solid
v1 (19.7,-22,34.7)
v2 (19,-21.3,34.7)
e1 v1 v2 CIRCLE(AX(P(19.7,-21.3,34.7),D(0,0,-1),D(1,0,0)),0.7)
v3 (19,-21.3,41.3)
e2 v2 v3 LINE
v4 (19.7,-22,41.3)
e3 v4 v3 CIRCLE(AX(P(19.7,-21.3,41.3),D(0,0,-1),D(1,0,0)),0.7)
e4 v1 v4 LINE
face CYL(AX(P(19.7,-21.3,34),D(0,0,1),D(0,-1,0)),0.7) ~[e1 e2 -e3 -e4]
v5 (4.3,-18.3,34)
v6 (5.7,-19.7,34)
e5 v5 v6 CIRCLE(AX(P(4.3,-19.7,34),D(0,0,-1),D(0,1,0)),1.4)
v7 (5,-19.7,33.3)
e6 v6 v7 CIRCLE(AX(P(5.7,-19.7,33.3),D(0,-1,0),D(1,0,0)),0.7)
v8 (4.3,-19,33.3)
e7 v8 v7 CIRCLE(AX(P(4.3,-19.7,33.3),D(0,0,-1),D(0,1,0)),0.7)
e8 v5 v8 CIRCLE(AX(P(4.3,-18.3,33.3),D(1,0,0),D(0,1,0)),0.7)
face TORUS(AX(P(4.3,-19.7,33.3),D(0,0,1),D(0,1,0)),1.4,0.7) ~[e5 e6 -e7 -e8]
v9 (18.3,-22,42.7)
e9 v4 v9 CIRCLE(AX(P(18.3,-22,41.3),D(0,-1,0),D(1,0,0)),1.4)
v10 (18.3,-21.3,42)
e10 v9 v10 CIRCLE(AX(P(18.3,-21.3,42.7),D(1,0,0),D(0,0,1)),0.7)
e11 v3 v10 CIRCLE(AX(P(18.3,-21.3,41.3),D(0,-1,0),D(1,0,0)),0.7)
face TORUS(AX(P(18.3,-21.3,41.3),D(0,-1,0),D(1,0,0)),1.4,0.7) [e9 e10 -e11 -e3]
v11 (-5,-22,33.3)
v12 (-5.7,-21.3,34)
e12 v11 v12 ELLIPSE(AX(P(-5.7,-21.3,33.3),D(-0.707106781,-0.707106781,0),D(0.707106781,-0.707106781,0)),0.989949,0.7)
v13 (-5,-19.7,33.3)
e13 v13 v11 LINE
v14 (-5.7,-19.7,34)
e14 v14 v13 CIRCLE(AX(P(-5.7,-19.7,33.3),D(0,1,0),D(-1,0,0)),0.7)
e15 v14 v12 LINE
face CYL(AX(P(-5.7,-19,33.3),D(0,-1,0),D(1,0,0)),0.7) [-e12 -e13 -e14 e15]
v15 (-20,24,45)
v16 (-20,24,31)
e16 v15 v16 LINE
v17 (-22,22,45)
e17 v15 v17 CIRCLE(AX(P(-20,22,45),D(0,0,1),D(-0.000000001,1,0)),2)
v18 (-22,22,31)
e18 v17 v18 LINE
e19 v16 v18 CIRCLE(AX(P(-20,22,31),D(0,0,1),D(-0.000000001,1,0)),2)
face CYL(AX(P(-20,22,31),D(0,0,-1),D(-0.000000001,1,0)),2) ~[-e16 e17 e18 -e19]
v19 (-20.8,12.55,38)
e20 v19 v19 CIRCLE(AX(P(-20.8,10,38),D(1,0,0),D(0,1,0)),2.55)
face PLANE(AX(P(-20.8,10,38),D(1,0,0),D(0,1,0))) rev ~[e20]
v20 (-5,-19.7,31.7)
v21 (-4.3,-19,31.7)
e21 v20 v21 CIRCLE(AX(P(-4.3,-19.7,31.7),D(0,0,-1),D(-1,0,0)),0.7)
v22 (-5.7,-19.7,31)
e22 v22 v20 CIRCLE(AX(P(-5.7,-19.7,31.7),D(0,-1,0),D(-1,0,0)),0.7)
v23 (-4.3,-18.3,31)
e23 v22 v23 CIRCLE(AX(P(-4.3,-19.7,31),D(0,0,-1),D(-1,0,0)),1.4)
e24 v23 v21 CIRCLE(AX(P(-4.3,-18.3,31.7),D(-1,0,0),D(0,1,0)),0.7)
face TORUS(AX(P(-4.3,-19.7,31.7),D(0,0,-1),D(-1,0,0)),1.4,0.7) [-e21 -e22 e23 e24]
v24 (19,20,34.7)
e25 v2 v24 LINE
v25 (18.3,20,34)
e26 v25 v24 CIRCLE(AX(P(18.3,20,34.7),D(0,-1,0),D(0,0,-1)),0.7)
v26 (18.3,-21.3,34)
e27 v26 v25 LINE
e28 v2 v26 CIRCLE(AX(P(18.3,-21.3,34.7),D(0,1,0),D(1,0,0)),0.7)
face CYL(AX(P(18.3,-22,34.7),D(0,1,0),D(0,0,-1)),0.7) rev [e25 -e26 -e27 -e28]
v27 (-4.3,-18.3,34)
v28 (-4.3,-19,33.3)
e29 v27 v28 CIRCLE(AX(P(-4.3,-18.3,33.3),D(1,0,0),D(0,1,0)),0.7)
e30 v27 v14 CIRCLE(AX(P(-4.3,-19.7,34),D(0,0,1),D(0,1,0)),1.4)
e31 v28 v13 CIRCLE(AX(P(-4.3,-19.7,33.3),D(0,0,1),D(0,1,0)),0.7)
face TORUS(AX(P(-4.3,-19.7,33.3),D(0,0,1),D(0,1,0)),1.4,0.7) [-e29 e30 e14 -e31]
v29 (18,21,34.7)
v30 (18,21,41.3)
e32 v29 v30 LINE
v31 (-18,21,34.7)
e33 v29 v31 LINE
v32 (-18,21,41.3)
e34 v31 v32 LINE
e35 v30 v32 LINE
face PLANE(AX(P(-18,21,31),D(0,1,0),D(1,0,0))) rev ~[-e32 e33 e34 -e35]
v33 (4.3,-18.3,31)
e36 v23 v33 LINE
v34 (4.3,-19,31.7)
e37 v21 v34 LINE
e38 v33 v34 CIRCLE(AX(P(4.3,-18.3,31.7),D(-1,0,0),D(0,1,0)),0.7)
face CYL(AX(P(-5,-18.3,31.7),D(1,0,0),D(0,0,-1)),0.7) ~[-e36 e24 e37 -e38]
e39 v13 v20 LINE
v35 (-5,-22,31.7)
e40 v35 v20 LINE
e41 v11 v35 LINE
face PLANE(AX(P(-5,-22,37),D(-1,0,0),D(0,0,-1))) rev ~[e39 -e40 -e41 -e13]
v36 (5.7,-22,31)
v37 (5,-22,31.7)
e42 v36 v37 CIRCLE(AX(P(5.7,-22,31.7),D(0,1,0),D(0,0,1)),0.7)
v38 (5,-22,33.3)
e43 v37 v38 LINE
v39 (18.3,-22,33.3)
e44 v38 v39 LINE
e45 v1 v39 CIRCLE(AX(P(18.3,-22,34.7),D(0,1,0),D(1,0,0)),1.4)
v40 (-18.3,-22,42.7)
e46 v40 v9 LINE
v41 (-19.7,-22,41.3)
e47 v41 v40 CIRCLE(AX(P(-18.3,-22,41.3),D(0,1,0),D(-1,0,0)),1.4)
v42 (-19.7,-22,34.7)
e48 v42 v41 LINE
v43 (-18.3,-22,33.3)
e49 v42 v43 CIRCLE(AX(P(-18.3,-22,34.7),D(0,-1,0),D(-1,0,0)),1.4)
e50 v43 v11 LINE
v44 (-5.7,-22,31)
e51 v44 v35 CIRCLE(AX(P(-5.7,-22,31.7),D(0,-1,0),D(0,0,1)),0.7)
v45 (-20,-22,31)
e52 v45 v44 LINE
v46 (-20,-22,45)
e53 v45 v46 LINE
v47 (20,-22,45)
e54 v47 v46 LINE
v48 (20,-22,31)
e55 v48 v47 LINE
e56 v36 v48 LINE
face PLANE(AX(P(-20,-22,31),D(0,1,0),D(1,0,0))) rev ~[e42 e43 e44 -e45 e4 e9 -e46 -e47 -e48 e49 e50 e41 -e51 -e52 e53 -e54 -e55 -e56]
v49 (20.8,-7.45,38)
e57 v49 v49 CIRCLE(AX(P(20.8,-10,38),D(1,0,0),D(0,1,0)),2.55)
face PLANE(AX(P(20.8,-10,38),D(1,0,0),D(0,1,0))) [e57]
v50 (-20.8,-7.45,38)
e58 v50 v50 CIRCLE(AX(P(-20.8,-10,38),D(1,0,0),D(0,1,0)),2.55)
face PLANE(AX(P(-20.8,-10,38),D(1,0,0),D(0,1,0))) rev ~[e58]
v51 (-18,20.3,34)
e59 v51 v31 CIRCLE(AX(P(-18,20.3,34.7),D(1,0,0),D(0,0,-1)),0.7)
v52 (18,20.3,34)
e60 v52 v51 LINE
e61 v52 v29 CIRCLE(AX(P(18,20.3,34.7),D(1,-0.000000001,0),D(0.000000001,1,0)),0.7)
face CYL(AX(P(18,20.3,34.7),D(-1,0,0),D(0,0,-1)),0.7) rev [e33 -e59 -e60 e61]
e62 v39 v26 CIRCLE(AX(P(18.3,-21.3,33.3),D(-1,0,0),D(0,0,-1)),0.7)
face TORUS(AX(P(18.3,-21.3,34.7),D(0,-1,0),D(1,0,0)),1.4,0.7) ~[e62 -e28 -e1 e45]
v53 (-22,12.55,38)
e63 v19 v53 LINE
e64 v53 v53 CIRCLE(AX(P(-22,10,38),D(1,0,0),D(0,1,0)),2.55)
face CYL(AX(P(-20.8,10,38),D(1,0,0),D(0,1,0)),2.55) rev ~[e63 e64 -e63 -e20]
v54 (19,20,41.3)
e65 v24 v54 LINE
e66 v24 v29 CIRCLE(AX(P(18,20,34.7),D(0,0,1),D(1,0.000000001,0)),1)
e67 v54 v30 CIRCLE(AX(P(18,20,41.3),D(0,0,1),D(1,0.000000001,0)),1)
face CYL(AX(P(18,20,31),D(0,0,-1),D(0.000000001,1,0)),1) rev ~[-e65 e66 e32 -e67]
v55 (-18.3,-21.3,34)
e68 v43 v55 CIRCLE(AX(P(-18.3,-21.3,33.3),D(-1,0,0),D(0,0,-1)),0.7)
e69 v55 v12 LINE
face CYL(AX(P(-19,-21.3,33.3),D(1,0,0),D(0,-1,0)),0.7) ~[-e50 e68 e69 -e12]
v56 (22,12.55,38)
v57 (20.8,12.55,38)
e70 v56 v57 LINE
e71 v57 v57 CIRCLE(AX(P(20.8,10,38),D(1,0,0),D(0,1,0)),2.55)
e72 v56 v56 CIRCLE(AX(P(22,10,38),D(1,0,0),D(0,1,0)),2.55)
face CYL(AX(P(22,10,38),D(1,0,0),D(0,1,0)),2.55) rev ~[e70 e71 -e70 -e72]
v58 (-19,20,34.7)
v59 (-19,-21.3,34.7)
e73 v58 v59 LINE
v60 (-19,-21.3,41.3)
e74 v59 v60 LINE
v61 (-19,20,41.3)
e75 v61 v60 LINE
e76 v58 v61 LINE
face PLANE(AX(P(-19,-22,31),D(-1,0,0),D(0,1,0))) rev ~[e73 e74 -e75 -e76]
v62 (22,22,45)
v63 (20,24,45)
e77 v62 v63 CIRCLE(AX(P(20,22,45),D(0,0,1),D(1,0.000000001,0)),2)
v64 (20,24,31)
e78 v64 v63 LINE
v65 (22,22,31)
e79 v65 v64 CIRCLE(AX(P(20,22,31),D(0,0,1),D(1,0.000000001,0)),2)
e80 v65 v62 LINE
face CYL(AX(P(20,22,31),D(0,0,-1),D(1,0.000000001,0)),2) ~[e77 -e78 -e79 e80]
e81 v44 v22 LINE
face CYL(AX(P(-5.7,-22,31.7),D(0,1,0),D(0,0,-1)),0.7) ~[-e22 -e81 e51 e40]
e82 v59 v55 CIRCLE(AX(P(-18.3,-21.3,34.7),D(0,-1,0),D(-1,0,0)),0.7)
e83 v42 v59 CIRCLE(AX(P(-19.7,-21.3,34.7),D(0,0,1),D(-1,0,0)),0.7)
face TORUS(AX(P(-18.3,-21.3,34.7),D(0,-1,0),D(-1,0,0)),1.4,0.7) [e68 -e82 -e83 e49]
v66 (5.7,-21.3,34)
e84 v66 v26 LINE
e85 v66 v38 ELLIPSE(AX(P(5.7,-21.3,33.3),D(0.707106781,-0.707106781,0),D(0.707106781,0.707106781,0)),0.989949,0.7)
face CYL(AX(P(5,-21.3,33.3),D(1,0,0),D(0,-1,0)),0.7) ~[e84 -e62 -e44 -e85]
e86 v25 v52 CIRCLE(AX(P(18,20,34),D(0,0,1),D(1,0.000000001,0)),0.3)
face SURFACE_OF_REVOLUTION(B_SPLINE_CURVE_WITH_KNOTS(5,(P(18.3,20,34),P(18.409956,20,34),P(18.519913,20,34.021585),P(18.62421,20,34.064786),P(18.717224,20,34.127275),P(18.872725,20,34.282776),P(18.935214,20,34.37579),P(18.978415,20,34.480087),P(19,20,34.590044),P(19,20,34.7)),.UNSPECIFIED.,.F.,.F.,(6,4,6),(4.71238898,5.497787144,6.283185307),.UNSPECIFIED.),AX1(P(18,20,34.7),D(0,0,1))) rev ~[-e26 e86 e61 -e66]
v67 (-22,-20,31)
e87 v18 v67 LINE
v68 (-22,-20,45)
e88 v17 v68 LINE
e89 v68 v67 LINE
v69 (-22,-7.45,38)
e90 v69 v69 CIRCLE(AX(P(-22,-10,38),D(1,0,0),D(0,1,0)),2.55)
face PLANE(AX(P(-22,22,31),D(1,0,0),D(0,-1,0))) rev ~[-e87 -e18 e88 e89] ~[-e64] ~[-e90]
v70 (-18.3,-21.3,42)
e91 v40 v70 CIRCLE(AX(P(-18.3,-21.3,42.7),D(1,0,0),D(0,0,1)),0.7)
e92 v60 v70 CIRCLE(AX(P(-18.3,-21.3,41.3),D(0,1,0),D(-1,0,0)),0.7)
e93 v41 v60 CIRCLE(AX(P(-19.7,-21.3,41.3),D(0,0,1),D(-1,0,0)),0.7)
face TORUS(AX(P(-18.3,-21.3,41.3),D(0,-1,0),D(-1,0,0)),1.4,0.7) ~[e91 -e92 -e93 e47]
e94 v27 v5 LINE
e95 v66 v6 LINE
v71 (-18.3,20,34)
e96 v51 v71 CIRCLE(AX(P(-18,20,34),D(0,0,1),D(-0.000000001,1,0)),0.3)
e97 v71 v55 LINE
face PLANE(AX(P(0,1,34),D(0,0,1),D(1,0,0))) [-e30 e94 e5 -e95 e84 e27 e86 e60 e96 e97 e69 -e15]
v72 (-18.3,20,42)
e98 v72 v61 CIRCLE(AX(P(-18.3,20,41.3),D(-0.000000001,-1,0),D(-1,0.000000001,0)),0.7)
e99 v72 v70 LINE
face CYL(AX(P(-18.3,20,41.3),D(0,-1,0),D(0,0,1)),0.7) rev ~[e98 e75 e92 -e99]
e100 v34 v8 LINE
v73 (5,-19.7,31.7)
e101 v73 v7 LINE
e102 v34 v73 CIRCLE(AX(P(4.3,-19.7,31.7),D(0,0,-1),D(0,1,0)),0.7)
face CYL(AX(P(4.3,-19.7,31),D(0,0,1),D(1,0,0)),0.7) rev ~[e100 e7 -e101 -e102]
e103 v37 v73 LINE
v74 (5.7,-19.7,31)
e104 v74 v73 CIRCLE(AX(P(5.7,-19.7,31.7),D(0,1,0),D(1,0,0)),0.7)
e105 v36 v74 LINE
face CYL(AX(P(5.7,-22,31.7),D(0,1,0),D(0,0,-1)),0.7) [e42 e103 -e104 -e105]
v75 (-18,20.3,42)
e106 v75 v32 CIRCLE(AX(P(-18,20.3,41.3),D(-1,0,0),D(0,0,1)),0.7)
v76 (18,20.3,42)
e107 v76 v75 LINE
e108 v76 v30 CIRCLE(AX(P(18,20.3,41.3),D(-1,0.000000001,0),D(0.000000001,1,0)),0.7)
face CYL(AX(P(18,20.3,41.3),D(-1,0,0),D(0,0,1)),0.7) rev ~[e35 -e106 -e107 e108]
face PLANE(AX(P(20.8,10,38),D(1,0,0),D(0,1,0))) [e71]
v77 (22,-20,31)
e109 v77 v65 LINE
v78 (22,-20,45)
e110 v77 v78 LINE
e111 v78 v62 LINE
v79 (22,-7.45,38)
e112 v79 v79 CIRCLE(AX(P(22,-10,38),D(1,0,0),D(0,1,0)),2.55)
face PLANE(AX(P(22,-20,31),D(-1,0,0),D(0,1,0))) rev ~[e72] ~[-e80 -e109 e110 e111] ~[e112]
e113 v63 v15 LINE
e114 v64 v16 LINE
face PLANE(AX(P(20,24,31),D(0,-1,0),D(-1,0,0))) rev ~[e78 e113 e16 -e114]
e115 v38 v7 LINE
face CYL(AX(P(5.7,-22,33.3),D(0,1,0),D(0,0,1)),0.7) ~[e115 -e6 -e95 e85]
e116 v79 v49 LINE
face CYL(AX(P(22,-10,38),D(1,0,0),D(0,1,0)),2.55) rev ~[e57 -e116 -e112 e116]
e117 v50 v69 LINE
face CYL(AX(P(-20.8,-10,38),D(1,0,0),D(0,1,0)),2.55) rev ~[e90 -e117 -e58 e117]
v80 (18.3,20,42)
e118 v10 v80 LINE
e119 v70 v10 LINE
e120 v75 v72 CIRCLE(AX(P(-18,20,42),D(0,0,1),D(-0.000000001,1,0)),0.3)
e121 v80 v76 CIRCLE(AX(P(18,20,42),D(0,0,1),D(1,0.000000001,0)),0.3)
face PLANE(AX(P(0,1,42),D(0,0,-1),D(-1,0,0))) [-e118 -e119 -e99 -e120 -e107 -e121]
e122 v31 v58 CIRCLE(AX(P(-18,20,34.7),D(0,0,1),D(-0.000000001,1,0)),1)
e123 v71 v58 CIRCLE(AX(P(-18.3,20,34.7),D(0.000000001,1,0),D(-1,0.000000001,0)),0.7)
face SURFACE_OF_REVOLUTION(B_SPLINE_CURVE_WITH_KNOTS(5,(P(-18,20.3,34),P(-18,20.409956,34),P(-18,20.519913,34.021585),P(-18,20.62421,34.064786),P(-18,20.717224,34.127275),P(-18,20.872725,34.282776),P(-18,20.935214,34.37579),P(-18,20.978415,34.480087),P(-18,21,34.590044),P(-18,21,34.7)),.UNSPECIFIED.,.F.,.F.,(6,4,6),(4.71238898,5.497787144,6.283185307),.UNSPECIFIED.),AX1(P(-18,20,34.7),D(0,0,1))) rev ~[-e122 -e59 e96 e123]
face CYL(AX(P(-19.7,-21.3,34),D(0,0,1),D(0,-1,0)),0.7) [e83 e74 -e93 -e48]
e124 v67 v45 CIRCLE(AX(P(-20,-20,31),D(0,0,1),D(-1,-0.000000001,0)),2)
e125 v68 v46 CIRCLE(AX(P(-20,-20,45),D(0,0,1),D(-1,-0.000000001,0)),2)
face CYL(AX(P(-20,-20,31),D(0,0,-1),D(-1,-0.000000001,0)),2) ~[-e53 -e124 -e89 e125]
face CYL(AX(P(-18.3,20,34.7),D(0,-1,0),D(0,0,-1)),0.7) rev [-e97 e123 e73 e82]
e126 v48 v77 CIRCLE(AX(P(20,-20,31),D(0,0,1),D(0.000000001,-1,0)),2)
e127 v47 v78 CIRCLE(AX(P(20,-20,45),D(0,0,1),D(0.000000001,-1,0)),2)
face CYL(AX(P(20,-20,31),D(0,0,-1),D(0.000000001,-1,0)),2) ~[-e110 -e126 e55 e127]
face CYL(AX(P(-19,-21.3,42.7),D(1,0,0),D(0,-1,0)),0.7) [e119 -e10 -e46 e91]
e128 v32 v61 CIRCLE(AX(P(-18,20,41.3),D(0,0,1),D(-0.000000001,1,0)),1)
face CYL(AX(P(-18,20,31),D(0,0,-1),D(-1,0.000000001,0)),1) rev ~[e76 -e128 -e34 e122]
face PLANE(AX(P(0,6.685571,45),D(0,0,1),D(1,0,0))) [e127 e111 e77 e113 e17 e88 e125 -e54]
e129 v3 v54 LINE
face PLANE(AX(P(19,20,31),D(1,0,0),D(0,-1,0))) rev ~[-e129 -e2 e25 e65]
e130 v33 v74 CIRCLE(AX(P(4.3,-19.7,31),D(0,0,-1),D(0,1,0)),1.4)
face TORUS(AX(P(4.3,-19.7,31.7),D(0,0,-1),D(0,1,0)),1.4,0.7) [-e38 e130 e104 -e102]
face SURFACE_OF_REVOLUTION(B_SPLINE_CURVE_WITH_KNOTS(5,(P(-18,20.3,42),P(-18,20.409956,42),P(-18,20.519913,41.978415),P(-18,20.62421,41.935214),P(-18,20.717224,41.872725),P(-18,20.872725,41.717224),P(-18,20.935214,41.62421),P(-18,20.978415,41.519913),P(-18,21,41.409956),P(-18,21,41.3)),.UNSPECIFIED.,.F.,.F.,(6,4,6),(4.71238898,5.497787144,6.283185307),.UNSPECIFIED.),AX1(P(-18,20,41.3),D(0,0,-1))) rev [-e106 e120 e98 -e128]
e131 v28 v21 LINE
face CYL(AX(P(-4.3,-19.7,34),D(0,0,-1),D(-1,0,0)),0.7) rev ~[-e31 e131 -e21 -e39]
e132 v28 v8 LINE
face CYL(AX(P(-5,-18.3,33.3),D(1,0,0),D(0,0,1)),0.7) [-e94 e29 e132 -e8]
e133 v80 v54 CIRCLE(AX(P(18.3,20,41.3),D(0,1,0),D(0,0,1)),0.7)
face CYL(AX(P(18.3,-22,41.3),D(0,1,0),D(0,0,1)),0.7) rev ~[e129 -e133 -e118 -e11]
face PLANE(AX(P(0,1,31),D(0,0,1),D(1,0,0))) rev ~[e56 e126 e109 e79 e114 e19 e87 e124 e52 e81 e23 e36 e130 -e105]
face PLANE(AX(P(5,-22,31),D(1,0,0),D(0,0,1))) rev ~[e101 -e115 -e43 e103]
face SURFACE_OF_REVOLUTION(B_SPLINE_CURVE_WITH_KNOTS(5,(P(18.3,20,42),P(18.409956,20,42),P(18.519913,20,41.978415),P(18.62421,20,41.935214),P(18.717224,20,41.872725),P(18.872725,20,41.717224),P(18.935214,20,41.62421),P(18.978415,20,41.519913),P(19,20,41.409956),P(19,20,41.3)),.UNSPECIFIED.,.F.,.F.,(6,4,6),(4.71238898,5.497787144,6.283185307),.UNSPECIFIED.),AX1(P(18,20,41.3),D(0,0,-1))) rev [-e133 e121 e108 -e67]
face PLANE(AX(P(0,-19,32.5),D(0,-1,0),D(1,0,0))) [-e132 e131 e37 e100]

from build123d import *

# Parameters (mm, degrees)
BOSS_EXTRUDE4_DEPTH = 3
BOSS_EXTRUDE5_DEPTH = 14
BOSS_EXTRUDE6_START = 11
BOSS_EXTRUDE6_DEPTH = 3
SKETCH2_W           = 10
SKETCH2_H           = 3
CUT_EXTRUDE1_DEPTH  = 3
CUT_EXTRUDE2_START  = 22
SKETCH3_R           = 2.55
CUT_EXTRUDE2_DEPTH  = 1.2
CUT_EXTRUDE3_START  = -20.8
SKETCH3_3_R         = 2.55
CUT_EXTRUDE3_DEPTH  = 1.2
FILLET1_R           = 0.7


with BuildPart() as part:
    # Sketch1 → Boss-Extrude4 (new body)
    with BuildSketch(Plane.XY.offset(31)):
        with BuildLine():
            ThreePointArc((-22, -20), (-21.414213562, -21.414213562), (-20, -22))
            Line((-20, -22), (20, -22))
            ThreePointArc((20, -22), (21.414213562, -21.414213562), (22, -20))
            Line((22, -20), (22, 22))
            ThreePointArc((22, 22), (21.414213562, 23.414213562), (20, 24))
            Line((20, 24), (-20, 24))
            ThreePointArc((-20, 24), (-21.414213562, 23.414213562), (-22, 22))
            Line((-22, 22), (-22, -20))
        make_face()
    extrude(amount=BOSS_EXTRUDE4_DEPTH)

    # Sketch1<3> → Boss-Extrude5 (add)
    with BuildSketch(Plane.XY.offset(31)):
        with BuildLine():
            Line((-22, -10.75), (-22, -20))
            ThreePointArc((-22, -20), (-21.414213562, -21.414213562), (-20, -22))
            Line((-20, -22), (-19, -22))
            Line((-19, -22), (-19, -18))
            Line((-19, -18), (-19, -10.75))
            Line((-19, -10.75), (-19, 10.75))
            Line((-19, 10.75), (-19, 20))
            ThreePointArc((-19, 20), (-18.707106781, 20.707106781), (-18, 21))
            Line((-18, 21), (-3.938916155, 21))
            Line((-3.938916155, 21), (3.938916155, 21))
            Line((3.938916155, 21), (18, 21))
            ThreePointArc((18, 21), (18.707106781, 20.707106781), (19, 20))
            Line((19, 20), (19, 10.75))
            Line((19, 10.75), (19, -10.75))
            Line((19, -10.75), (19, -18))
            Line((19, -18), (19, -22))
            Line((19, -22), (20, -22))
            ThreePointArc((20, -22), (21.414213562, -21.414213562), (22, -20))
            Line((22, -20), (22, -10.75))
            Line((22, -10.75), (22, 10.75))
            Line((22, 10.75), (22, 22))
            ThreePointArc((22, 22), (21.414213562, 23.414213562), (20, 24))
            Line((20, 24), (3.938916155, 24))
            Line((3.938916155, 24), (-3.938916155, 24))
            Line((-3.938916155, 24), (-20, 24))
            ThreePointArc((-20, 24), (-21.414213562, 23.414213562), (-22, 22))
            Line((-22, 22), (-22, 10.75))
            Line((-22, 10.75), (-22, -10.75))
        make_face()
    extrude(amount=BOSS_EXTRUDE5_DEPTH)

    # Sketch1<4> → Boss-Extrude6 (add)
    # profile 1 of 3: a face of its own
    with BuildSketch(Plane.XY.offset(31).offset(BOSS_EXTRUDE6_START)):
        with BuildLine():
            Line((-22, -20), (-22, -10.75))
            Line((-22, -10.75), (-22, 10.75))
            Line((-22, 10.75), (-22, 22))
            ThreePointArc((-22, 22), (-21.414213562, 23.414213562), (-20, 24))
            Line((-20, 24), (-3.938916155, 24))
            Line((-3.938916155, 24), (3.938916155, 24))
            Line((3.938916155, 24), (20, 24))
            ThreePointArc((20, 24), (21.414213562, 23.414213562), (22, 22))
            Line((22, 22), (22, 10.75))
            Line((22, 10.75), (22, -10.75))
            Line((22, -10.75), (22, -20))
            ThreePointArc((22, -20), (21.414213562, -21.414213562), (20, -22))
            Line((20, -22), (10.75, -22))
            Line((10.75, -22), (-10.75, -22))
            Line((-10.75, -22), (-20, -22))
            ThreePointArc((-20, -22), (-21.414213562, -21.414213562), (-22, -20))
        make_face()
        with BuildLine():
            ThreePointArc((-18, 21), (-18.707106781, 20.707106781), (-19, 20))
            Line((-19, 20), (-19, 10.75))
            Line((-19, 10.75), (-19, -10.75))
            Line((-19, -10.75), (-19, -18))
            ThreePointArc((-19, -18), (-18.707106781, -18.707106781), (-18, -19))
            Line((-18, -19), (-10.75, -19))
            Line((-10.75, -19), (10.75, -19))
            Line((10.75, -19), (18, -19))
            ThreePointArc((18, -19), (18.707106781, -18.707106781), (19, -18))
            Line((19, -18), (19, -10.75))
            Line((19, -10.75), (19, 10.75))
            Line((19, 10.75), (19, 20))
            ThreePointArc((19, 20), (18.707106781, 20.707106781), (18, 21))
            Line((18, 21), (3.938916155, 21))
            Line((3.938916155, 21), (-3.938916155, 21))
            Line((-3.938916155, 21), (-18, 21))
        make_face(mode=Mode.SUBTRACT)
    # profile 2 of 3: a face of its own
    with BuildSketch(Plane.XY.offset(31).offset(BOSS_EXTRUDE6_START)):
        with BuildLine():
            Line((-18, 21), (-3.938916155, 21))
            Line((-3.938916155, 21), (3.938916155, 21))
            Line((3.938916155, 21), (18, 21))
            ThreePointArc((18, 21), (18.707106781, 20.707106781), (19, 20))
            Line((19, 20), (19, 10.75))
            Line((19, 10.75), (19, -10.75))
            Line((19, -10.75), (19, -18))
            ThreePointArc((19, -18), (18.707106781, -18.707106781), (18, -19))
            Line((18, -19), (10.75, -19))
            Line((10.75, -19), (-10.75, -19))
            Line((-10.75, -19), (-18, -19))
            ThreePointArc((-18, -19), (-18.707106781, -18.707106781), (-19, -18))
            Line((-19, -18), (-19, -10.75))
            Line((-19, -10.75), (-19, 10.75))
            Line((-19, 10.75), (-19, 20))
            ThreePointArc((-19, 20), (-18.707106781, 20.707106781), (-18, 21))
        make_face()
    # profile 3 of 3: a face of its own
    with BuildSketch(Plane.XY.offset(31).offset(BOSS_EXTRUDE6_START)):
        with BuildLine():
            Line((-19, -18), (-19, -22))
            Line((-19, -22), (-10.75, -22))
            Line((-10.75, -22), (10.75, -22))
            Line((10.75, -22), (19, -22))
            Line((19, -22), (19, -18))
            ThreePointArc((19, -18), (18.707106781, -18.707106781), (18, -19))
            Line((18, -19), (10.75, -19))
            Line((10.75, -19), (-10.75, -19))
            Line((-10.75, -19), (-18, -19))
            ThreePointArc((-18, -19), (-18.707106781, -18.707106781), (-19, -18))
        make_face()
    extrude(amount=BOSS_EXTRUDE6_DEPTH)

    # Sketch2 → Cut-Extrude1 (cut)
    with BuildSketch(Plane.XZ.offset(22)):
        with Locations((0, 32.5)):
            Rectangle(SKETCH2_W, SKETCH2_H)
        with Locations((0, 35.5)):
            Rectangle(SKETCH2_W, SKETCH2_H)
    extrude(amount=-CUT_EXTRUDE1_DEPTH, mode=Mode.SUBTRACT)

    # Sketch3 → Cut-Extrude2 (cut)
    with BuildSketch(Plane(origin=(0, 0, 0), x_dir=(0, 0, -1), z_dir=(1, 0, 0)).offset(CUT_EXTRUDE2_START)):
        with Locations(Location((-38, 10, 0), (0, 0, 90))):
            Circle(SKETCH3_R)
        with Locations(Location((-38, -10, 0), (0, 0, 90))):
            Circle(SKETCH3_R)
    extrude(amount=-CUT_EXTRUDE2_DEPTH, mode=Mode.SUBTRACT)

    # Sketch3<3> → Cut-Extrude3 (cut)
    with BuildSketch(Plane(origin=(0, 0, 0), x_dir=(0, 0, -1), z_dir=(1, 0, 0)).offset(CUT_EXTRUDE3_START)):
        with Locations(Location((-38, -10, 0), (0, 0, 90))):
            Circle(SKETCH3_3_R)
        with Locations(Location((-38, 10, 0), (0, 0, 90))):
            Circle(SKETCH3_3_R)
    extrude(amount=-CUT_EXTRUDE3_DEPTH, mode=Mode.SUBTRACT)

    # Fillet1
    fillet1_edges = [part.edges().sort_by_distance(p)[0] for p in [
        (-19, -22, 38),
        (0, -22, 42),
        (0, 21, 42),
        (19, -1, 42),
        (-19, -1, 42),
        (18.707106781, 20.707106781, 42),
        (-12, -22, 34),
        (-5, -20.5, 34),
        (5, -20.5, 34),
        (0, -19, 31),
        (5, -20.5, 31),
        (-5, -19, 32.5),
        (-5, -20.5, 31),
        (5, -19, 32.5),
        (0, -19, 34),
        (12, -22, 34),
        (19, -1, 34),
        (0, 21, 34),
        (-19, -1, 34),
        (18.707106781, 20.707106781, 34),
        (-18.707106781, 20.707106781, 34),
        (-18.707106781, 20.707106781, 42),
        (19, -22, 38),
    ]]
    fillet(fillet1_edges, radius=FILLET1_R)


solid = part.part
